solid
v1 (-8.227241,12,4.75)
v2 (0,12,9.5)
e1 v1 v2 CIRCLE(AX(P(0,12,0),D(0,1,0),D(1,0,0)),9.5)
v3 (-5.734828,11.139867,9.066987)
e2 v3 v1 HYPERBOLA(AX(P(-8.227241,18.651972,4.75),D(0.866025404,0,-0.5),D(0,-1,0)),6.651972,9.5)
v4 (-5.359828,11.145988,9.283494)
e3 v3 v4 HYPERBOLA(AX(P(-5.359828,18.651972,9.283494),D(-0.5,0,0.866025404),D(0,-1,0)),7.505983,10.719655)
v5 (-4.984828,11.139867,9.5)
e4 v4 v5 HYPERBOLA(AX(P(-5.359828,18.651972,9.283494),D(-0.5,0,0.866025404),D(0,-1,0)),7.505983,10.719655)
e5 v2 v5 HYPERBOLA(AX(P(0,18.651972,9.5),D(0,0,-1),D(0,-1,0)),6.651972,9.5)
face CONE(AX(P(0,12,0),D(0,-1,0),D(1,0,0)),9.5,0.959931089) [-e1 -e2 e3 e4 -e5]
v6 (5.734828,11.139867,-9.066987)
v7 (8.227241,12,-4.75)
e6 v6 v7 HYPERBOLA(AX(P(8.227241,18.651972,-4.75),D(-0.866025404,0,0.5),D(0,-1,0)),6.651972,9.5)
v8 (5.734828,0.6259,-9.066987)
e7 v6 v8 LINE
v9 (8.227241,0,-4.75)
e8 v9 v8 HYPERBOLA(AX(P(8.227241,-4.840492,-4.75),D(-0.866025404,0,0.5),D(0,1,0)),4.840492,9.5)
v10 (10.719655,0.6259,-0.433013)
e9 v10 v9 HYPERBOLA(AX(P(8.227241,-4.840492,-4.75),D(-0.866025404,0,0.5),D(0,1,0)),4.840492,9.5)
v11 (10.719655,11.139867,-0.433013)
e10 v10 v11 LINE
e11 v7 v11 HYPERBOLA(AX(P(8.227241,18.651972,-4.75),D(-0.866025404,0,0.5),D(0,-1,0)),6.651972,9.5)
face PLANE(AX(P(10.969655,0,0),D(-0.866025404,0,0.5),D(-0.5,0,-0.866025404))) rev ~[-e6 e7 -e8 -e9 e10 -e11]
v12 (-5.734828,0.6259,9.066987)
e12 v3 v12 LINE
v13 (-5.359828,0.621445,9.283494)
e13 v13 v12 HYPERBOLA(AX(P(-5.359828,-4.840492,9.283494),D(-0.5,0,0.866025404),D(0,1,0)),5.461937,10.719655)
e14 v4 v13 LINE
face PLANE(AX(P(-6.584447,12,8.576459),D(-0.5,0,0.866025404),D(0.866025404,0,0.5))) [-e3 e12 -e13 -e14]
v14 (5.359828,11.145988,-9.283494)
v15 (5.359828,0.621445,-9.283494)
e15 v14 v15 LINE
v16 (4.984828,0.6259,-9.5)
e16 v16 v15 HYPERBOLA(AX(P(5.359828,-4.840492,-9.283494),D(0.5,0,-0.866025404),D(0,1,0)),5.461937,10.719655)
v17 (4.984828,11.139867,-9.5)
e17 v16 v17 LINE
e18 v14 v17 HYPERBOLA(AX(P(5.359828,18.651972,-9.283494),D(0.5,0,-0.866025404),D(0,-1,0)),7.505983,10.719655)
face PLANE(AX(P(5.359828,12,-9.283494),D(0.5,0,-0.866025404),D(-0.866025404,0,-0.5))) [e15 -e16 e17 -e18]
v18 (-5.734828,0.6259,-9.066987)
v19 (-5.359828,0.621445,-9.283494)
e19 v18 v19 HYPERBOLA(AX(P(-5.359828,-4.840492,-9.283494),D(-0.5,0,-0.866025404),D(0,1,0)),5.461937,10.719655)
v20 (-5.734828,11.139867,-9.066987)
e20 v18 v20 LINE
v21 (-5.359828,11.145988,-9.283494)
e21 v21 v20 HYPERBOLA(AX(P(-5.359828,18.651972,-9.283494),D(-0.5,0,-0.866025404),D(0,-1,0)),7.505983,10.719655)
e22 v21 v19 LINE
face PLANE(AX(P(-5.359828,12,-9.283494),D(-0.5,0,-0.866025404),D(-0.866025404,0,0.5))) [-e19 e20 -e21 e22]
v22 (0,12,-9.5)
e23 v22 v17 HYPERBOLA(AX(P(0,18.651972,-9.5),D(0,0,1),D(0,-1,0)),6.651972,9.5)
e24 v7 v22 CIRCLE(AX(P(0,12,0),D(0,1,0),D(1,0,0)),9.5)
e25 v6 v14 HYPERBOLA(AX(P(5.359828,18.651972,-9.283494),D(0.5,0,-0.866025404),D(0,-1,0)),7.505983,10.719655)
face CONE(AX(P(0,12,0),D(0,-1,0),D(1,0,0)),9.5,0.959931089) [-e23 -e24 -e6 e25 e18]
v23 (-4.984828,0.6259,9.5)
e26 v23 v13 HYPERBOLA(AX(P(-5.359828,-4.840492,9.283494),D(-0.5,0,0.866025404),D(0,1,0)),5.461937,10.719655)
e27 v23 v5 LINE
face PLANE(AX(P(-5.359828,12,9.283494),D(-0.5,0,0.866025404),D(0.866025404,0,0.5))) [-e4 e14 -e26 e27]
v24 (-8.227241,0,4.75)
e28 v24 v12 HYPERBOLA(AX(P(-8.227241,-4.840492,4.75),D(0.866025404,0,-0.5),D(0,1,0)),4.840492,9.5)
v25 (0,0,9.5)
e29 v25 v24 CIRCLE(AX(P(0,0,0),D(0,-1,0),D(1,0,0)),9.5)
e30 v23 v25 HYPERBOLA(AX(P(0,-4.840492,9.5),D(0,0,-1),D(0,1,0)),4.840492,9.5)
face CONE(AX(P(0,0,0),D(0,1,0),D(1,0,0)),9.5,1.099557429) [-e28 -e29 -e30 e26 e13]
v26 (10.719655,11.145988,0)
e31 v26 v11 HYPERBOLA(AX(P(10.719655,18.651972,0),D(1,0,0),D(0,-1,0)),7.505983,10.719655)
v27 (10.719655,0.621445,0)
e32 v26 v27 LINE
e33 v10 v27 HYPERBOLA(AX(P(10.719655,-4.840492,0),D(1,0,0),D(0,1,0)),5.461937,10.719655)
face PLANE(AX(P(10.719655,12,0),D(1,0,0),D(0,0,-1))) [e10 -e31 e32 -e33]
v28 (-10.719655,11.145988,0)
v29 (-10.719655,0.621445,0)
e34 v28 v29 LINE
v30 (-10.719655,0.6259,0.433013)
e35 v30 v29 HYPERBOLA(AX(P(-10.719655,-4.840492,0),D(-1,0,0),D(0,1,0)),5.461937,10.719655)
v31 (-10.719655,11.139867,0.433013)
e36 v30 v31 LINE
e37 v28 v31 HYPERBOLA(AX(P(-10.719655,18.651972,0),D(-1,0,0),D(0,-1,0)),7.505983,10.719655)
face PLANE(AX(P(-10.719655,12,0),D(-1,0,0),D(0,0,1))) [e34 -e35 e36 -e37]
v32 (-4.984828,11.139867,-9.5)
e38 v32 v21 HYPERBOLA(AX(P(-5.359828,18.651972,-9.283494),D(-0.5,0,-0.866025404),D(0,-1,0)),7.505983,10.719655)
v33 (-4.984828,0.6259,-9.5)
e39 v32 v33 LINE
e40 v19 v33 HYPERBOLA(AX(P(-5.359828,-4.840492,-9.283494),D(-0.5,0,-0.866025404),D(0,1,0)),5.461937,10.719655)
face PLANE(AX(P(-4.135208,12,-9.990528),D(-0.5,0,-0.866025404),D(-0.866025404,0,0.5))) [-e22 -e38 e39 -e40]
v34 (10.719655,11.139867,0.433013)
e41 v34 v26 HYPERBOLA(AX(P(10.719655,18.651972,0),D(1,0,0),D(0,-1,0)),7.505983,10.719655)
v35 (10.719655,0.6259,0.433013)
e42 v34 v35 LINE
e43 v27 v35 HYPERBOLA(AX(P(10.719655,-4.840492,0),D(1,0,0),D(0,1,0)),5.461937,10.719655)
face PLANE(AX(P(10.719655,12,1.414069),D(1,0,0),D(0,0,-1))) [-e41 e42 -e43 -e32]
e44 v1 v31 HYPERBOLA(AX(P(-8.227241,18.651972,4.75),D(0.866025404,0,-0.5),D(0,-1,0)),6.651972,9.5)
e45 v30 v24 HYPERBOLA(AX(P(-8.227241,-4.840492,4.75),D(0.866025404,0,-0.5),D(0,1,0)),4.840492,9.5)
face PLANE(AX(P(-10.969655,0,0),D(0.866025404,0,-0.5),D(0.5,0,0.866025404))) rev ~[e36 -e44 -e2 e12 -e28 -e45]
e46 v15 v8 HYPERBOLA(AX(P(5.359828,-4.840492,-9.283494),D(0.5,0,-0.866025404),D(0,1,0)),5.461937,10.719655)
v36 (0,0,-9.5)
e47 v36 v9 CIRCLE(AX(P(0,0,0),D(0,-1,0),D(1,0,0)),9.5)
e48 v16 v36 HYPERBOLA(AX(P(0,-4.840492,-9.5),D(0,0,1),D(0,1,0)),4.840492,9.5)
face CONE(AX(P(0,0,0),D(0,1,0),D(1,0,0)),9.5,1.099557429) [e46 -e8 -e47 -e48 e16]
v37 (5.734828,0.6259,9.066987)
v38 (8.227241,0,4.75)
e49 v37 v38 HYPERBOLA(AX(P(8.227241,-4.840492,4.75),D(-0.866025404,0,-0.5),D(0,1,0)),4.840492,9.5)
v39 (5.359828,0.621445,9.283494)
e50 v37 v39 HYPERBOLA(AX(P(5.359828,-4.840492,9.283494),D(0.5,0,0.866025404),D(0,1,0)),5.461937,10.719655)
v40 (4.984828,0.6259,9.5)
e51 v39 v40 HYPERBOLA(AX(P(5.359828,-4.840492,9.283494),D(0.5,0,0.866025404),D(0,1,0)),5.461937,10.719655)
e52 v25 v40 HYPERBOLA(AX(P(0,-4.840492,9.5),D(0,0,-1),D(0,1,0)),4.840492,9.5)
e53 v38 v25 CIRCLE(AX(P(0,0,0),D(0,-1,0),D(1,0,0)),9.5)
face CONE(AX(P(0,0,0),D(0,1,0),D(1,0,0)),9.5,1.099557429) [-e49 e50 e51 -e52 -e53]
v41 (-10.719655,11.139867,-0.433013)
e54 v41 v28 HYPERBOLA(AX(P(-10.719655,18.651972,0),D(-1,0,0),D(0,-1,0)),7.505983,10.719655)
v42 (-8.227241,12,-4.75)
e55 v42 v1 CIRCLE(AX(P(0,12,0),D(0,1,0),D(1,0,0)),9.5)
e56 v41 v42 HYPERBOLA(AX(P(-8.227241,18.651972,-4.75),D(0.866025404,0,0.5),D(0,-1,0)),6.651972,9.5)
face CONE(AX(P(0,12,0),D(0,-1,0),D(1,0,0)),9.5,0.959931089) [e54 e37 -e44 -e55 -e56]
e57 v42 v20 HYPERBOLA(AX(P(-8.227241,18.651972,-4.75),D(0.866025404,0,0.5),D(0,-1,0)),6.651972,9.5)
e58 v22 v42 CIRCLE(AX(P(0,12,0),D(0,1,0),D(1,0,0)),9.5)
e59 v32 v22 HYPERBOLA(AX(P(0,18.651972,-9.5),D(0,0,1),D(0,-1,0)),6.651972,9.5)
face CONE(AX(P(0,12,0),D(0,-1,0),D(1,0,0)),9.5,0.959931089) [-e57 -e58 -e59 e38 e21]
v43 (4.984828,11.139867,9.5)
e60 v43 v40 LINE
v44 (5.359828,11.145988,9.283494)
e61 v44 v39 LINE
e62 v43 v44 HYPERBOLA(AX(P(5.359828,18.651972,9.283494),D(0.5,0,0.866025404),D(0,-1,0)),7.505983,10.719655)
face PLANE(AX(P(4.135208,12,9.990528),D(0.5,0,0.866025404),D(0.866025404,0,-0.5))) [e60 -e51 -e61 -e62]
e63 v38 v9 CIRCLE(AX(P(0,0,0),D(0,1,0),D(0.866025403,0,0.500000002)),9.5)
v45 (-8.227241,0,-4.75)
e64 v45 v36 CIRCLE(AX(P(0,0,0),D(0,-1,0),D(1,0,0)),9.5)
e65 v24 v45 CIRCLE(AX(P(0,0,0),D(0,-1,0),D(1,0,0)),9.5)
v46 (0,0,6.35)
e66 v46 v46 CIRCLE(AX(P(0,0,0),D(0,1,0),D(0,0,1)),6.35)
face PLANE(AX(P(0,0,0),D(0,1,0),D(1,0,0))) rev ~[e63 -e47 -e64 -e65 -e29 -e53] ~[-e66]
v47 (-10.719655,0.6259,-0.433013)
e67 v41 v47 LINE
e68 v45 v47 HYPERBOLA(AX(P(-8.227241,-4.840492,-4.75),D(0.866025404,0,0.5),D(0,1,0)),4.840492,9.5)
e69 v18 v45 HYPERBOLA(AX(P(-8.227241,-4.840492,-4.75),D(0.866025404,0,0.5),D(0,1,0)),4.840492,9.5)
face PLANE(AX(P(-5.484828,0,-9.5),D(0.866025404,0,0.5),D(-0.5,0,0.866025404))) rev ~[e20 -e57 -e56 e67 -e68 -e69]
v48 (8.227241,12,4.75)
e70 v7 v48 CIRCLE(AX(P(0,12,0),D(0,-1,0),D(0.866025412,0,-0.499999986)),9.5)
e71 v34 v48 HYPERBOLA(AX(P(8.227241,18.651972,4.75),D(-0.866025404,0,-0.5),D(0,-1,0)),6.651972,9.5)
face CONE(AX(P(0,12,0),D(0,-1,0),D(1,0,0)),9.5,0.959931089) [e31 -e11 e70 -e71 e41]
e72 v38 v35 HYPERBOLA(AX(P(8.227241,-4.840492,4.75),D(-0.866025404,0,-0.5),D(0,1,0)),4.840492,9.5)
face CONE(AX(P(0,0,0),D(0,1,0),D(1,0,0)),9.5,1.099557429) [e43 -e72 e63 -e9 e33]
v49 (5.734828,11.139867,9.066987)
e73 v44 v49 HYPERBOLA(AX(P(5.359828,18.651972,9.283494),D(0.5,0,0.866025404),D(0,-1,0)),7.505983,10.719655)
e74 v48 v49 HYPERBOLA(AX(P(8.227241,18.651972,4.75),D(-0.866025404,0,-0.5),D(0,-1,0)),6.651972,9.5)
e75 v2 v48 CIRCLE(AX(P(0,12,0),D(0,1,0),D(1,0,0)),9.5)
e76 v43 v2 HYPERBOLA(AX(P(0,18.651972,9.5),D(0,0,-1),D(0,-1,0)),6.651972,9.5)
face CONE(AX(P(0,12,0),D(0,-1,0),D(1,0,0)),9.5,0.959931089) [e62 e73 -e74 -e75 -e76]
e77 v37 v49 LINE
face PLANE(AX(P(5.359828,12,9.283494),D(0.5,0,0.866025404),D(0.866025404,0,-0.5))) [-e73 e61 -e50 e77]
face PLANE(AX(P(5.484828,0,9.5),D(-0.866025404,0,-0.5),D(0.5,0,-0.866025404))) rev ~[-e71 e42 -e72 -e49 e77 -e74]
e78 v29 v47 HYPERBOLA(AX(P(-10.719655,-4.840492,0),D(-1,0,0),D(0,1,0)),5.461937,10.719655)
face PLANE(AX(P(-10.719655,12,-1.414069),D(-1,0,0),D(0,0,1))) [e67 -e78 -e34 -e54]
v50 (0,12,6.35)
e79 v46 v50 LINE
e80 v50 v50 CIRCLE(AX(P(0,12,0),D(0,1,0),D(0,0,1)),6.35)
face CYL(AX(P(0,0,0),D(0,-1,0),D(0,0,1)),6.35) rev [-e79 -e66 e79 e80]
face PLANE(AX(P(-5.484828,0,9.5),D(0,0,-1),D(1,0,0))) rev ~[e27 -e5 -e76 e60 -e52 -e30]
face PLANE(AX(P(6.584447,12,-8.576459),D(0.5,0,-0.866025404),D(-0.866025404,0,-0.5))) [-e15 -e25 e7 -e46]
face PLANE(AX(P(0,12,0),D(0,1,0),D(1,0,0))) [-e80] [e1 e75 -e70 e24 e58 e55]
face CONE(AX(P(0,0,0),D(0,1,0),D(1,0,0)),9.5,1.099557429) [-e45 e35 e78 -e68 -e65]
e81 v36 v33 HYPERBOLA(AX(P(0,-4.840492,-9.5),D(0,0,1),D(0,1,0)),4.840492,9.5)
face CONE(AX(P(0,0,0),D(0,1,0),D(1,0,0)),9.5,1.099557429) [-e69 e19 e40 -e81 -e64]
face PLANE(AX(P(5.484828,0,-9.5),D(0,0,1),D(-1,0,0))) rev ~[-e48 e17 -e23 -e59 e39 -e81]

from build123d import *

# Parameters (mm, degrees)
CROQUIS1_R              = 6.35
SALIENTE_EXTRUIR1_DEPTH = 12
CROQUIS2_R              = 52.802243625
CROQUIS2_R_2            = 9.5
CORTAR_EXTRUIR1_DEPTH   = 12
CORTAR_EXTRUIR1_DRAFT   = -55
CROQUIS3_R              = 41.337917096
CROQUIS3_R_2            = 9.5
CORTAR_EXTRUIR2_DEPTH   = 12
CORTAR_EXTRUIR2_DRAFT   = -63
CORTAR_EXTRUIR3_REACH   = 20.83
MATRIZC1_COUNT          = 6


with BuildPart() as part:
    # Croquis1 → Saliente-Extruir1 (new body)
    with BuildSketch(Plane(origin=(0, 0, 0), x_dir=(1, 0, 0), z_dir=(0, 1, 0))):
        Polygon((10.969655115, 0), (5.484827557, 9.5), (-5.484827557, 9.5), (-10.969655115, 0), (-5.484827557, -9.5), (5.484827557, -9.5), align=None)
        with Locations(Location((0, 0, 0), (0, 0, 270))):
            Circle(CROQUIS1_R, mode=Mode.SUBTRACT)
    extrude(amount=SALIENTE_EXTRUIR1_DEPTH)


with BuildPart() as cortar_extruir1_tool:
    # Croquis2 → Cortar-Extruir1 (with draft: the straight prism first)
    with BuildSketch(Plane(origin=(0, 12, 0), x_dir=(1, 0, 0), z_dir=(0, 1, 0))):
        Circle(CROQUIS2_R)
        Circle(CROQUIS2_R_2, mode=Mode.SUBTRACT)
    extrude(amount=-CORTAR_EXTRUIR1_DEPTH)
    # Cortar-Extruir1: the draft: its side faces are tilted about the plane it starts from
    cortar_extruir1_sides = [cortar_extruir1_tool.faces().sort_by_distance(p)[0] for p in [
        (-52.802243625, 6, 0),
        (-9.5, 6, 0),
    ]]
    draft(cortar_extruir1_sides, Plane(origin=(0, 12, 0), x_dir=(1, 0, 0), z_dir=(0, 1, 0)), CORTAR_EXTRUIR1_DRAFT)


with BuildPart() as part_1:
    add(part.part)

    # Cortar-Extruir1: cut by cortar_extruir1_tool
    add(cortar_extruir1_tool.part, mode=Mode.SUBTRACT)


with BuildPart() as cortar_extruir2_tool:
    # Croquis3 → Cortar-Extruir2 (with draft: the straight prism first)
    with BuildSketch(Plane.XZ):
        Circle(CROQUIS3_R)
        Circle(CROQUIS3_R_2, mode=Mode.SUBTRACT)
    extrude(amount=-CORTAR_EXTRUIR2_DEPTH)
    # Cortar-Extruir2: the draft: its side faces are tilted about the plane it starts from
    cortar_extruir2_sides = [cortar_extruir2_tool.faces().sort_by_distance(p)[0] for p in [
        (-41.337917096, 6, 0),
        (-9.5, 6, 0),
    ]]
    draft(cortar_extruir2_sides, Plane.XZ, CORTAR_EXTRUIR2_DRAFT)


with BuildPart() as part_2:
    add(part_1.part)

    # Cortar-Extruir2: cut by cortar_extruir2_tool
    add(cortar_extruir2_tool.part, mode=Mode.SUBTRACT)

    # Cortar-Extruir3: up to this cone (the profile starts inside it)
    cortar_extruir3_end = Plane(origin=(0, 12, 0), z_dir=(0, 1, 0)).offset(-16.84049077) * Cone(1.963e-06, 139.780687907, 71.221816836, align=(Align.CENTER, Align.CENTER, Align.MIN), mode=Mode.PRIVATE)
    # Croquis4 → Cortar-Extruir3 (cut, up to the surface)
    with BuildSketch(Plane(origin=(0, 12, 0), x_dir=(1, 0, 0), z_dir=(0, 1, 0)), mode=Mode.PRIVATE) as cortar_extruir3_sk1:
        Polygon((-5.359827557, 9.283493649), (-6.723359894, 8.496257887), (-7.318521333, 9.527107738), (-4.730369323, 11.021377998), (-4.135207884, 9.990528147), align=None)
    cortar_extruir3_tool1 = extrude(cortar_extruir3_sk1.sketch, amount=-CORTAR_EXTRUIR3_REACH, mode=Mode.PRIVATE) & cortar_extruir3_end
    cortar_extruir3 = cortar_extruir3_tool1.solids().sort_by_distance((-5.726865, 12, -9.758818))[0]
    add(cortar_extruir3, mode=Mode.SUBTRACT)

    # MatrizC1: Cortar-Extruir3 ×6 about axis
    matrizc1_axis = Axis((0, 12, 0), (0, 1, 0))
    for i in range(1, MATRIZC1_COUNT):
        add(cortar_extruir3.rotate(matrizc1_axis, i * 360 / MATRIZC1_COUNT), mode=Mode.SUBTRACT)


solid = part_2.part
